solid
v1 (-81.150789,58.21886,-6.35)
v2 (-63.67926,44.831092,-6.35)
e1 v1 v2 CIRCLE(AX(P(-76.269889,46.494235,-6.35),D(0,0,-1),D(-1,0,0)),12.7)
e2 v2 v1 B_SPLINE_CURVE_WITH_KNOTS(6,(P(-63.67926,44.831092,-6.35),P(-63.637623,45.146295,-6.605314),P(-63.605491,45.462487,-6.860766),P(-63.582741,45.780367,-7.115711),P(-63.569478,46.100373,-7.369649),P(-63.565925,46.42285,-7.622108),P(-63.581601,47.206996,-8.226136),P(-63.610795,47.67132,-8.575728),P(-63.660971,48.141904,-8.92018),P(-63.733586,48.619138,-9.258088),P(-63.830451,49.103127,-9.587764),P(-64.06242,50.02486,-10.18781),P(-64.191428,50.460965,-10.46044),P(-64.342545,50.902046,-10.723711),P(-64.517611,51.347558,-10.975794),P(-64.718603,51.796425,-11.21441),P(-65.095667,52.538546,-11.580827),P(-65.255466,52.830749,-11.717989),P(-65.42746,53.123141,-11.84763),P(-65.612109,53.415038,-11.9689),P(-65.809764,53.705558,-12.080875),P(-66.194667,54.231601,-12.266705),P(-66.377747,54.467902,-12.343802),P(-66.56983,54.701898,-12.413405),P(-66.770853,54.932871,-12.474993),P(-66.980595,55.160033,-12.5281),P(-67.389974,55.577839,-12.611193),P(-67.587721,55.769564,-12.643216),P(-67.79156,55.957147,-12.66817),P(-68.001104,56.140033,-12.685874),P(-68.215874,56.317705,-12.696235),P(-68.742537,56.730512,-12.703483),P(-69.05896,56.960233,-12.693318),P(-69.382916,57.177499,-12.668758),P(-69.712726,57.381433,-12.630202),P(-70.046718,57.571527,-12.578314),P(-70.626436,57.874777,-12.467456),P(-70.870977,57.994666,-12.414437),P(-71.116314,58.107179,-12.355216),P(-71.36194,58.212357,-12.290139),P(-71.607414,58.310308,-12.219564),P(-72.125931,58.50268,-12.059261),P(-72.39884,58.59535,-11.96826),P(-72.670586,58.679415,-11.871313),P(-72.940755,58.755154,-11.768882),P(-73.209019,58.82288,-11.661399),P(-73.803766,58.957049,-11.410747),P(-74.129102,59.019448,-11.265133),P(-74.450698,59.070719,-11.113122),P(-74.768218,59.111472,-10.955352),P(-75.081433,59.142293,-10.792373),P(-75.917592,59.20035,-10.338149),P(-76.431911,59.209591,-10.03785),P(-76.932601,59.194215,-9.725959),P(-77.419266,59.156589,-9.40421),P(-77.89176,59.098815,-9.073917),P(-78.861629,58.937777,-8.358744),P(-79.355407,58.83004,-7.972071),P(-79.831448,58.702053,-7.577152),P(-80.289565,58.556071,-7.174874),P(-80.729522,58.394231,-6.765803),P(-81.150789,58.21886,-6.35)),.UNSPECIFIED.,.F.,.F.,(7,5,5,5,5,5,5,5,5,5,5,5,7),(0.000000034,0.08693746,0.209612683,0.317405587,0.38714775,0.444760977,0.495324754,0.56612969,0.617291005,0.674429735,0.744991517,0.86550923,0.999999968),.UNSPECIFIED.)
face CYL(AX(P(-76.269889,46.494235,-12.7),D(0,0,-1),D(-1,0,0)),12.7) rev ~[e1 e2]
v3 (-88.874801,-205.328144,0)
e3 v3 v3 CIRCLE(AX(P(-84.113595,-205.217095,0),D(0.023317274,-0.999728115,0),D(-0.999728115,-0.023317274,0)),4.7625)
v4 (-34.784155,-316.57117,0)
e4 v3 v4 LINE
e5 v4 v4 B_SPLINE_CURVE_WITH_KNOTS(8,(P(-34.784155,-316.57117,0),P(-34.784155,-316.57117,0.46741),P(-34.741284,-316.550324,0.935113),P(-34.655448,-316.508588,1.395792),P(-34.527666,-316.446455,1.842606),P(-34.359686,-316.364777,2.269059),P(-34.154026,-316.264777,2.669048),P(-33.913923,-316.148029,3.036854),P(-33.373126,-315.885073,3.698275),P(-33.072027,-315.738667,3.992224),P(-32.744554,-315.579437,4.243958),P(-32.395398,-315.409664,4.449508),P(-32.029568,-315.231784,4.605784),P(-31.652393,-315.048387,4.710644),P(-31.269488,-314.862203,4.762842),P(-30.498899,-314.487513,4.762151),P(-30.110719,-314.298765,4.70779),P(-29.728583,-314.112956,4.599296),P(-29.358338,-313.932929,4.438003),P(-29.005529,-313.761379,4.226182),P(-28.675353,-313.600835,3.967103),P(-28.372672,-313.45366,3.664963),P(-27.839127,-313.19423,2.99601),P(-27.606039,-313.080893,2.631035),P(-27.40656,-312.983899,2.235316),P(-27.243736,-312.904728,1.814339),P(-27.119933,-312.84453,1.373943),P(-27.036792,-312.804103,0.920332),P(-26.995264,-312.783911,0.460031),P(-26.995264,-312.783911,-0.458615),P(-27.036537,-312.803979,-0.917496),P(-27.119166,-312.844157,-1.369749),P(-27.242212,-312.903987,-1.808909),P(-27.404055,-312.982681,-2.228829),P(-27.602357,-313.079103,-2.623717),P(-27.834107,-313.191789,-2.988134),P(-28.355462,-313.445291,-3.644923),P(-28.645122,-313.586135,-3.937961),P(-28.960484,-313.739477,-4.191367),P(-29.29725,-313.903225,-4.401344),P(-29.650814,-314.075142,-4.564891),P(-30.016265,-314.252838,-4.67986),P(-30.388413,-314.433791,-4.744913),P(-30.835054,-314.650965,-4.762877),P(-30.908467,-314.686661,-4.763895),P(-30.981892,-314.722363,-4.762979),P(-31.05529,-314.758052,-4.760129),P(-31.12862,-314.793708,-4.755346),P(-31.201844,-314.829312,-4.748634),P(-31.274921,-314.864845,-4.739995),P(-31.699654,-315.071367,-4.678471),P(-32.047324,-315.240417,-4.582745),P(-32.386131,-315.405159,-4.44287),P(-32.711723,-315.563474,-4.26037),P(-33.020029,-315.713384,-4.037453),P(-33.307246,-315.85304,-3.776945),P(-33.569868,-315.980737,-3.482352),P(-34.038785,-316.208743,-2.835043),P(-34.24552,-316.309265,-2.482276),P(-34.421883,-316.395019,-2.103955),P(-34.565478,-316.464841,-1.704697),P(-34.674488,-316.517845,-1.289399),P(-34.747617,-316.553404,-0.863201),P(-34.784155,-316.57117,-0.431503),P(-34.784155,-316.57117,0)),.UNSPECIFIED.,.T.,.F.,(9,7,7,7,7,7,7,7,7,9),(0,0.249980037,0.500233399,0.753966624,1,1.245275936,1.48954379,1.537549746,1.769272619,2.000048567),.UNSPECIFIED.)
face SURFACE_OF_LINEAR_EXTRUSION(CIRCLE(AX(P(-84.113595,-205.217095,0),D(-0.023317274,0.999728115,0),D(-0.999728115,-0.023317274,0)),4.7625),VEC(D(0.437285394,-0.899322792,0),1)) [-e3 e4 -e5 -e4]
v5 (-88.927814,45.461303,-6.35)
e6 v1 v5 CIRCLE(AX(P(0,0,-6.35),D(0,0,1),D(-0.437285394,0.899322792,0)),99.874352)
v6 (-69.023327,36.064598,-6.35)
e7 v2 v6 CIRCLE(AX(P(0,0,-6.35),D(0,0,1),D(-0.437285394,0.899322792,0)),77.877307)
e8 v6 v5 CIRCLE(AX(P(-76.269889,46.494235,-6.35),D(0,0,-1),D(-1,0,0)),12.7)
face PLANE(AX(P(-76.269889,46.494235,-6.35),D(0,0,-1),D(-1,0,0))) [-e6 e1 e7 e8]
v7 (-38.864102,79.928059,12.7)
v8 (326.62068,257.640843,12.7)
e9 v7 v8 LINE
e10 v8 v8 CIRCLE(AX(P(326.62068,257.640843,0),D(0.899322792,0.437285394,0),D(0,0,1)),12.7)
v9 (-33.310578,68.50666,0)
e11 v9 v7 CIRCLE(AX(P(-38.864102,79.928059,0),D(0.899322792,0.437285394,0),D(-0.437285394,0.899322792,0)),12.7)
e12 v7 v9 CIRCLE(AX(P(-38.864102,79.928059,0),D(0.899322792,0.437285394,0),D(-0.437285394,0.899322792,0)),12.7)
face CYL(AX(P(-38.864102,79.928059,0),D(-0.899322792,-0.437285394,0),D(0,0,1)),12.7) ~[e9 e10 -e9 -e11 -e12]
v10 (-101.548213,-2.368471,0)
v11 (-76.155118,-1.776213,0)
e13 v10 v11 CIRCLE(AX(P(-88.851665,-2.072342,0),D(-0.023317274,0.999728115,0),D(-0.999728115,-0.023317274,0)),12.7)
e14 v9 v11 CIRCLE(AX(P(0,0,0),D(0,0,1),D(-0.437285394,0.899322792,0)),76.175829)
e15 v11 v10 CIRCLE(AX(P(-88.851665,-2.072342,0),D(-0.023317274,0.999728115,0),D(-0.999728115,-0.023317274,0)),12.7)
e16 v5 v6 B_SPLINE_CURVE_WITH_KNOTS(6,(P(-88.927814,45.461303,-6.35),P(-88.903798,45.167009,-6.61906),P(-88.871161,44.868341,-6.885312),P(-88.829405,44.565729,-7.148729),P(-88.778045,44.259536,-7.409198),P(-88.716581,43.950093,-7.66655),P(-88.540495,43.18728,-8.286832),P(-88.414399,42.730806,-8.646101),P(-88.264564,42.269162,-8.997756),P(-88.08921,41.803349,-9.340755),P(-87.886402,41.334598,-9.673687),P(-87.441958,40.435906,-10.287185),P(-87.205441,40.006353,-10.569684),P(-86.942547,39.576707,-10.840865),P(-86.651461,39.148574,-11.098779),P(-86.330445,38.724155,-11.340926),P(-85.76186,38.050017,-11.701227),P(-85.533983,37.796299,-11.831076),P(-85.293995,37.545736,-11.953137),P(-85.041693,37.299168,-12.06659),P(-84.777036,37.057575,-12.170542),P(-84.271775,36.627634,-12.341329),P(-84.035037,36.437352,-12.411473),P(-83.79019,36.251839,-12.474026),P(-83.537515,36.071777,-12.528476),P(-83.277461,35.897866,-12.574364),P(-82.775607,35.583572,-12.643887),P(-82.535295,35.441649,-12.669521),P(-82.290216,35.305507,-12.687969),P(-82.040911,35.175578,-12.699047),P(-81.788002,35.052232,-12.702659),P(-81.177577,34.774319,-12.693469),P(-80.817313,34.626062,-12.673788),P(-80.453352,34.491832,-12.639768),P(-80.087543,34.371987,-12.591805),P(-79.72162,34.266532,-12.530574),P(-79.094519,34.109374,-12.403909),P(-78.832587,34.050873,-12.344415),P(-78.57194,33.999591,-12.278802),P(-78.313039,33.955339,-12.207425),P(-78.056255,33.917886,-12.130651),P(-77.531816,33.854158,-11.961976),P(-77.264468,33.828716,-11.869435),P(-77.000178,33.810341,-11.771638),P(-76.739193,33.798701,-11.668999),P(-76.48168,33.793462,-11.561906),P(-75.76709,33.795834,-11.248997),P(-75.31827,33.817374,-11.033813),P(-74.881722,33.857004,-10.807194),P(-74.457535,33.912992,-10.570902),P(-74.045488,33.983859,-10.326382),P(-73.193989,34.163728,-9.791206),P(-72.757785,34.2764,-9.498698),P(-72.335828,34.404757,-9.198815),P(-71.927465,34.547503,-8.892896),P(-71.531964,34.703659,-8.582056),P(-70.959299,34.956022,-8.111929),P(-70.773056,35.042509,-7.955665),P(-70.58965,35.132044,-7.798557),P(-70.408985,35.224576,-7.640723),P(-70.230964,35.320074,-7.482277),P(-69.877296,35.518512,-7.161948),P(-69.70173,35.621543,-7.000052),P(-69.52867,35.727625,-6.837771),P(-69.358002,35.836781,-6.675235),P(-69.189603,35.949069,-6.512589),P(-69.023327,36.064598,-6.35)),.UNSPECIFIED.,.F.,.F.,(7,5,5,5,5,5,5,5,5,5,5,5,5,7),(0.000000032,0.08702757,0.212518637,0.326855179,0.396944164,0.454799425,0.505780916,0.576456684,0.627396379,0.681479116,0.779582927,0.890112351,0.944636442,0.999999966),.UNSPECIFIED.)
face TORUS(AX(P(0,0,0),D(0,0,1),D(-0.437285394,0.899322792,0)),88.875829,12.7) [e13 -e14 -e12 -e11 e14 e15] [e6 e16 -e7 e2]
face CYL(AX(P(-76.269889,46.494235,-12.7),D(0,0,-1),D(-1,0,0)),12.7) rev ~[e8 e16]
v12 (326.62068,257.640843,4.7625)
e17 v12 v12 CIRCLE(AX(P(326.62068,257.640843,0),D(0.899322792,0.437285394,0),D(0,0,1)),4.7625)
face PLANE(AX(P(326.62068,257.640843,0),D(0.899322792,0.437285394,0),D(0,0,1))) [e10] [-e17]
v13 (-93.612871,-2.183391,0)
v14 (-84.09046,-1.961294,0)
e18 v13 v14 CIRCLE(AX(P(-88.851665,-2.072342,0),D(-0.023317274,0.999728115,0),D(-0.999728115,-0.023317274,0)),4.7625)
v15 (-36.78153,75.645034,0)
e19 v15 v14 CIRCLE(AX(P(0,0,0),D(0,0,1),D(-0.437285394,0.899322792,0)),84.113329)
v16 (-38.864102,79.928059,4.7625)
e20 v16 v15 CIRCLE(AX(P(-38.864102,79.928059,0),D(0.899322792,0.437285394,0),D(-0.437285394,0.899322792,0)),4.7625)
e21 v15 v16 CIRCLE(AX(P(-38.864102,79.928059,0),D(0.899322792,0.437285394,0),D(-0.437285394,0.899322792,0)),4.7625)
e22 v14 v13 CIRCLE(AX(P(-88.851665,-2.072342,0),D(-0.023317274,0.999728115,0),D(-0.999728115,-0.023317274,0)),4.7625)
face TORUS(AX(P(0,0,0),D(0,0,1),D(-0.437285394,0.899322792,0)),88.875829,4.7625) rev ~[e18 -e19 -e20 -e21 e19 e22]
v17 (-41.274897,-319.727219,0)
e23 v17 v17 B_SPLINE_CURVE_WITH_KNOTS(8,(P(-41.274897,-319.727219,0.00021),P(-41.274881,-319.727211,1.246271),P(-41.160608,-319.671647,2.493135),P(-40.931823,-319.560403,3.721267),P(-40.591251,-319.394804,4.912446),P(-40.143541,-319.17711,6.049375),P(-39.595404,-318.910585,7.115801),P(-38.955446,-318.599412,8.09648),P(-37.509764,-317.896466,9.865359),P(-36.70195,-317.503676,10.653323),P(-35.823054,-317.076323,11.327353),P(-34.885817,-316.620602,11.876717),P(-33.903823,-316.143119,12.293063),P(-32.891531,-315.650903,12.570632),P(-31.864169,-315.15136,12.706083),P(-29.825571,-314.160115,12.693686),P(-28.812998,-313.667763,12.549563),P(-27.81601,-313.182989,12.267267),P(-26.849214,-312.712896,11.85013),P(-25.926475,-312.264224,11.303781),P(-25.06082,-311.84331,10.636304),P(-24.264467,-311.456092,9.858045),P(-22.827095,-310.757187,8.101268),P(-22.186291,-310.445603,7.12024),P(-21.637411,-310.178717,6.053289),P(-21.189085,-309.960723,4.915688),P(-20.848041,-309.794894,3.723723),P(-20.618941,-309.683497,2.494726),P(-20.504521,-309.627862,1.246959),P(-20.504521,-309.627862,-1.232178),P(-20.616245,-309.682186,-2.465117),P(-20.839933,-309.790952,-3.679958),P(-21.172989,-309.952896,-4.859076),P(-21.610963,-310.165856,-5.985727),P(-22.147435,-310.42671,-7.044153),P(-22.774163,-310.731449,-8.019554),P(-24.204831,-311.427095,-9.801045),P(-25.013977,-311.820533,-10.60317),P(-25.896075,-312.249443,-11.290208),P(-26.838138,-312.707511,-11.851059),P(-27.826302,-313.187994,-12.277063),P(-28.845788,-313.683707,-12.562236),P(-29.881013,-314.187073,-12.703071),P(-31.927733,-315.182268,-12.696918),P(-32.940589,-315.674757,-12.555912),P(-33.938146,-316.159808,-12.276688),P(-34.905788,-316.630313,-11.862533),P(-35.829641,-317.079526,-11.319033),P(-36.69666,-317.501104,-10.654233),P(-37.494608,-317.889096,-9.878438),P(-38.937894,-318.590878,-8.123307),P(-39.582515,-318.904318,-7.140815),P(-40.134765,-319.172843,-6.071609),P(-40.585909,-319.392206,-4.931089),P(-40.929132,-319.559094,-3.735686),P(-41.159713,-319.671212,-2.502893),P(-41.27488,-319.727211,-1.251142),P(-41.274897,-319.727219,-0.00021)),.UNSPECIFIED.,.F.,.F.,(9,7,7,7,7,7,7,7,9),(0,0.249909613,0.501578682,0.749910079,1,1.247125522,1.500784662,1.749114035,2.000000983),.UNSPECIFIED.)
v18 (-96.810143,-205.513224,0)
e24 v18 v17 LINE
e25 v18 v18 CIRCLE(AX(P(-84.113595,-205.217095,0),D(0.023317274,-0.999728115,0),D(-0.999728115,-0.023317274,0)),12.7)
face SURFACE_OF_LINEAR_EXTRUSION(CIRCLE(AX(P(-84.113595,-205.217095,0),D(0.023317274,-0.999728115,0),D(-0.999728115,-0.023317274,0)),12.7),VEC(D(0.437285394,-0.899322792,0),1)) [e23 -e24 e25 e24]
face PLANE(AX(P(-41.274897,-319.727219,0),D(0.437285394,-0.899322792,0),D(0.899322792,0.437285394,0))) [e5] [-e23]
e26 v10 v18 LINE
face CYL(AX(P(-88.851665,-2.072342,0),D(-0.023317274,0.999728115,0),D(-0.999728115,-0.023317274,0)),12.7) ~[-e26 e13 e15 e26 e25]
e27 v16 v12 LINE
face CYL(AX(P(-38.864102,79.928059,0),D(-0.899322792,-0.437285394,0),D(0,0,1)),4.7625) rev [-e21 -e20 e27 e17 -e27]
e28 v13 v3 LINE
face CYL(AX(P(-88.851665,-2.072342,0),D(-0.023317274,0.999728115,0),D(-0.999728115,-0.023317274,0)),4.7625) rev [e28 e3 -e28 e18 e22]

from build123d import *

# Parameters (mm, degrees)
SKETCH5_R               = 12.7
SKETCH5_R_2             = 4.7625
SKETCH6_R               = 12.7
SKETCH6_R_2             = 4.7625
BOSS_EXTRUDE3_DEPTH     = 406.4
SKETCH7_R               = 12.7
SKETCH7_R_2             = 4.7625
BOSS_EXTRUDE4_DEPTH     = 203.2
SKETCH9_R               = 12.7
CUT_EXTRUDE2_DEPTH      = 6.35
SKETCH10_R              = 12.7
SKETCH10_R_2            = 4.7625
CUT_EXTRUDE3_DEPTH      = 462.222817168
CUT_EXTRUDE3_DEPTH_BACK = 462.222817168


with BuildPart() as part:
    # Sweep1: sweep along a path in Sketch4
    with BuildLine(Plane.XY) as sweep1_path:
        ThreePointArc((-38.874671546, 79.949796199), (-75.907697444, 46.273442371), (-88.87582946, -2.072905643))
    # Sketch5 → Sweep1 (sweep)
    with BuildSketch(Plane(origin=(0, 0, 0), x_dir=(1, 0, 0), z_dir=(0, 1, 0))):
        with Locations((-88.87582946, 0)):
            Circle(SKETCH5_R)
        with Locations((-88.87582946, 0)):
            Circle(SKETCH5_R_2, mode=Mode.SUBTRACT)
    sweep(path=sweep1_path.line)

    # Sketch6 → Boss-Extrude3 (add)
    with BuildSketch(Plane(origin=(0, 0, 0), x_dir=(0, 0, -1), z_dir=(0.8993227918843839, 0.43728539421901275, 0))):
        with Locations(Location((0, 88.87582946, 0), (0, 0, 180))):
            Circle(SKETCH6_R)
        with Locations(Location((0, 88.87582946, 0), (0, 0, 180))):
            Circle(SKETCH6_R_2, mode=Mode.SUBTRACT)
    extrude(amount=BOSS_EXTRUDE3_DEPTH)

    # Sketch7 → Boss-Extrude4 (add)
    with BuildSketch(Plane(origin=(0, 0, 0), x_dir=(-0.9997281154099812, -0.023317273828803834, 0), z_dir=(0.023317273828803834, -0.9997281154099812, 0))):
        with Locations((88.87582946, 0)):
            Circle(SKETCH7_R)
        with Locations((88.87582946, 0)):
            Circle(SKETCH7_R_2, mode=Mode.SUBTRACT)
    extrude(amount=BOSS_EXTRUDE4_DEPTH)

    # Sketch9 → Cut-Extrude2 (cut)
    with BuildSketch(Plane(origin=(0, 0, -12.7), x_dir=(-1, 0, 0), z_dir=(0, 0, -1))):
        with Locations((76.269889492, 46.494235168)):
            Circle(SKETCH9_R)
    extrude(amount=-CUT_EXTRUDE2_DEPTH, mode=Mode.SUBTRACT)

    # Sweep2: sweep along a path in Sketch11
    with BuildLine(Plane.XY) as sweep2_path:
        Line((-84.113595449, -205.217095104), (-28.578350384, -319.431089673))
    # Sketch10 → Sweep2 (sweep)
    with BuildSketch(Plane(origin=(4.738070042, -203.144753051, 0), x_dir=(-0.9997281154099812, -0.023317273828803834, 0), z_dir=(0.023317273828803834, -0.9997281154099812, 0))):
        with Locations((88.87582946, 0)):
            Circle(SKETCH10_R)
        with Locations((88.87582946, 0)):
            Circle(SKETCH10_R_2, mode=Mode.SUBTRACT)
    sweep(path=sweep2_path.line)

    # Sketch12 → Cut-Extrude3 (cut, two sides)
    with BuildSketch(Plane.XY) as cut_extrude3_sk:
        Polygon((-41.274897449, -319.727219051), (-20.504520989, -309.627861689), (-15.881803318, -319.134960295), align=None)
    extrude(amount=CUT_EXTRUDE3_DEPTH, mode=Mode.SUBTRACT)
    extrude(cut_extrude3_sk.sketch, amount=-CUT_EXTRUDE3_DEPTH_BACK, mode=Mode.SUBTRACT)


solid = part.part
